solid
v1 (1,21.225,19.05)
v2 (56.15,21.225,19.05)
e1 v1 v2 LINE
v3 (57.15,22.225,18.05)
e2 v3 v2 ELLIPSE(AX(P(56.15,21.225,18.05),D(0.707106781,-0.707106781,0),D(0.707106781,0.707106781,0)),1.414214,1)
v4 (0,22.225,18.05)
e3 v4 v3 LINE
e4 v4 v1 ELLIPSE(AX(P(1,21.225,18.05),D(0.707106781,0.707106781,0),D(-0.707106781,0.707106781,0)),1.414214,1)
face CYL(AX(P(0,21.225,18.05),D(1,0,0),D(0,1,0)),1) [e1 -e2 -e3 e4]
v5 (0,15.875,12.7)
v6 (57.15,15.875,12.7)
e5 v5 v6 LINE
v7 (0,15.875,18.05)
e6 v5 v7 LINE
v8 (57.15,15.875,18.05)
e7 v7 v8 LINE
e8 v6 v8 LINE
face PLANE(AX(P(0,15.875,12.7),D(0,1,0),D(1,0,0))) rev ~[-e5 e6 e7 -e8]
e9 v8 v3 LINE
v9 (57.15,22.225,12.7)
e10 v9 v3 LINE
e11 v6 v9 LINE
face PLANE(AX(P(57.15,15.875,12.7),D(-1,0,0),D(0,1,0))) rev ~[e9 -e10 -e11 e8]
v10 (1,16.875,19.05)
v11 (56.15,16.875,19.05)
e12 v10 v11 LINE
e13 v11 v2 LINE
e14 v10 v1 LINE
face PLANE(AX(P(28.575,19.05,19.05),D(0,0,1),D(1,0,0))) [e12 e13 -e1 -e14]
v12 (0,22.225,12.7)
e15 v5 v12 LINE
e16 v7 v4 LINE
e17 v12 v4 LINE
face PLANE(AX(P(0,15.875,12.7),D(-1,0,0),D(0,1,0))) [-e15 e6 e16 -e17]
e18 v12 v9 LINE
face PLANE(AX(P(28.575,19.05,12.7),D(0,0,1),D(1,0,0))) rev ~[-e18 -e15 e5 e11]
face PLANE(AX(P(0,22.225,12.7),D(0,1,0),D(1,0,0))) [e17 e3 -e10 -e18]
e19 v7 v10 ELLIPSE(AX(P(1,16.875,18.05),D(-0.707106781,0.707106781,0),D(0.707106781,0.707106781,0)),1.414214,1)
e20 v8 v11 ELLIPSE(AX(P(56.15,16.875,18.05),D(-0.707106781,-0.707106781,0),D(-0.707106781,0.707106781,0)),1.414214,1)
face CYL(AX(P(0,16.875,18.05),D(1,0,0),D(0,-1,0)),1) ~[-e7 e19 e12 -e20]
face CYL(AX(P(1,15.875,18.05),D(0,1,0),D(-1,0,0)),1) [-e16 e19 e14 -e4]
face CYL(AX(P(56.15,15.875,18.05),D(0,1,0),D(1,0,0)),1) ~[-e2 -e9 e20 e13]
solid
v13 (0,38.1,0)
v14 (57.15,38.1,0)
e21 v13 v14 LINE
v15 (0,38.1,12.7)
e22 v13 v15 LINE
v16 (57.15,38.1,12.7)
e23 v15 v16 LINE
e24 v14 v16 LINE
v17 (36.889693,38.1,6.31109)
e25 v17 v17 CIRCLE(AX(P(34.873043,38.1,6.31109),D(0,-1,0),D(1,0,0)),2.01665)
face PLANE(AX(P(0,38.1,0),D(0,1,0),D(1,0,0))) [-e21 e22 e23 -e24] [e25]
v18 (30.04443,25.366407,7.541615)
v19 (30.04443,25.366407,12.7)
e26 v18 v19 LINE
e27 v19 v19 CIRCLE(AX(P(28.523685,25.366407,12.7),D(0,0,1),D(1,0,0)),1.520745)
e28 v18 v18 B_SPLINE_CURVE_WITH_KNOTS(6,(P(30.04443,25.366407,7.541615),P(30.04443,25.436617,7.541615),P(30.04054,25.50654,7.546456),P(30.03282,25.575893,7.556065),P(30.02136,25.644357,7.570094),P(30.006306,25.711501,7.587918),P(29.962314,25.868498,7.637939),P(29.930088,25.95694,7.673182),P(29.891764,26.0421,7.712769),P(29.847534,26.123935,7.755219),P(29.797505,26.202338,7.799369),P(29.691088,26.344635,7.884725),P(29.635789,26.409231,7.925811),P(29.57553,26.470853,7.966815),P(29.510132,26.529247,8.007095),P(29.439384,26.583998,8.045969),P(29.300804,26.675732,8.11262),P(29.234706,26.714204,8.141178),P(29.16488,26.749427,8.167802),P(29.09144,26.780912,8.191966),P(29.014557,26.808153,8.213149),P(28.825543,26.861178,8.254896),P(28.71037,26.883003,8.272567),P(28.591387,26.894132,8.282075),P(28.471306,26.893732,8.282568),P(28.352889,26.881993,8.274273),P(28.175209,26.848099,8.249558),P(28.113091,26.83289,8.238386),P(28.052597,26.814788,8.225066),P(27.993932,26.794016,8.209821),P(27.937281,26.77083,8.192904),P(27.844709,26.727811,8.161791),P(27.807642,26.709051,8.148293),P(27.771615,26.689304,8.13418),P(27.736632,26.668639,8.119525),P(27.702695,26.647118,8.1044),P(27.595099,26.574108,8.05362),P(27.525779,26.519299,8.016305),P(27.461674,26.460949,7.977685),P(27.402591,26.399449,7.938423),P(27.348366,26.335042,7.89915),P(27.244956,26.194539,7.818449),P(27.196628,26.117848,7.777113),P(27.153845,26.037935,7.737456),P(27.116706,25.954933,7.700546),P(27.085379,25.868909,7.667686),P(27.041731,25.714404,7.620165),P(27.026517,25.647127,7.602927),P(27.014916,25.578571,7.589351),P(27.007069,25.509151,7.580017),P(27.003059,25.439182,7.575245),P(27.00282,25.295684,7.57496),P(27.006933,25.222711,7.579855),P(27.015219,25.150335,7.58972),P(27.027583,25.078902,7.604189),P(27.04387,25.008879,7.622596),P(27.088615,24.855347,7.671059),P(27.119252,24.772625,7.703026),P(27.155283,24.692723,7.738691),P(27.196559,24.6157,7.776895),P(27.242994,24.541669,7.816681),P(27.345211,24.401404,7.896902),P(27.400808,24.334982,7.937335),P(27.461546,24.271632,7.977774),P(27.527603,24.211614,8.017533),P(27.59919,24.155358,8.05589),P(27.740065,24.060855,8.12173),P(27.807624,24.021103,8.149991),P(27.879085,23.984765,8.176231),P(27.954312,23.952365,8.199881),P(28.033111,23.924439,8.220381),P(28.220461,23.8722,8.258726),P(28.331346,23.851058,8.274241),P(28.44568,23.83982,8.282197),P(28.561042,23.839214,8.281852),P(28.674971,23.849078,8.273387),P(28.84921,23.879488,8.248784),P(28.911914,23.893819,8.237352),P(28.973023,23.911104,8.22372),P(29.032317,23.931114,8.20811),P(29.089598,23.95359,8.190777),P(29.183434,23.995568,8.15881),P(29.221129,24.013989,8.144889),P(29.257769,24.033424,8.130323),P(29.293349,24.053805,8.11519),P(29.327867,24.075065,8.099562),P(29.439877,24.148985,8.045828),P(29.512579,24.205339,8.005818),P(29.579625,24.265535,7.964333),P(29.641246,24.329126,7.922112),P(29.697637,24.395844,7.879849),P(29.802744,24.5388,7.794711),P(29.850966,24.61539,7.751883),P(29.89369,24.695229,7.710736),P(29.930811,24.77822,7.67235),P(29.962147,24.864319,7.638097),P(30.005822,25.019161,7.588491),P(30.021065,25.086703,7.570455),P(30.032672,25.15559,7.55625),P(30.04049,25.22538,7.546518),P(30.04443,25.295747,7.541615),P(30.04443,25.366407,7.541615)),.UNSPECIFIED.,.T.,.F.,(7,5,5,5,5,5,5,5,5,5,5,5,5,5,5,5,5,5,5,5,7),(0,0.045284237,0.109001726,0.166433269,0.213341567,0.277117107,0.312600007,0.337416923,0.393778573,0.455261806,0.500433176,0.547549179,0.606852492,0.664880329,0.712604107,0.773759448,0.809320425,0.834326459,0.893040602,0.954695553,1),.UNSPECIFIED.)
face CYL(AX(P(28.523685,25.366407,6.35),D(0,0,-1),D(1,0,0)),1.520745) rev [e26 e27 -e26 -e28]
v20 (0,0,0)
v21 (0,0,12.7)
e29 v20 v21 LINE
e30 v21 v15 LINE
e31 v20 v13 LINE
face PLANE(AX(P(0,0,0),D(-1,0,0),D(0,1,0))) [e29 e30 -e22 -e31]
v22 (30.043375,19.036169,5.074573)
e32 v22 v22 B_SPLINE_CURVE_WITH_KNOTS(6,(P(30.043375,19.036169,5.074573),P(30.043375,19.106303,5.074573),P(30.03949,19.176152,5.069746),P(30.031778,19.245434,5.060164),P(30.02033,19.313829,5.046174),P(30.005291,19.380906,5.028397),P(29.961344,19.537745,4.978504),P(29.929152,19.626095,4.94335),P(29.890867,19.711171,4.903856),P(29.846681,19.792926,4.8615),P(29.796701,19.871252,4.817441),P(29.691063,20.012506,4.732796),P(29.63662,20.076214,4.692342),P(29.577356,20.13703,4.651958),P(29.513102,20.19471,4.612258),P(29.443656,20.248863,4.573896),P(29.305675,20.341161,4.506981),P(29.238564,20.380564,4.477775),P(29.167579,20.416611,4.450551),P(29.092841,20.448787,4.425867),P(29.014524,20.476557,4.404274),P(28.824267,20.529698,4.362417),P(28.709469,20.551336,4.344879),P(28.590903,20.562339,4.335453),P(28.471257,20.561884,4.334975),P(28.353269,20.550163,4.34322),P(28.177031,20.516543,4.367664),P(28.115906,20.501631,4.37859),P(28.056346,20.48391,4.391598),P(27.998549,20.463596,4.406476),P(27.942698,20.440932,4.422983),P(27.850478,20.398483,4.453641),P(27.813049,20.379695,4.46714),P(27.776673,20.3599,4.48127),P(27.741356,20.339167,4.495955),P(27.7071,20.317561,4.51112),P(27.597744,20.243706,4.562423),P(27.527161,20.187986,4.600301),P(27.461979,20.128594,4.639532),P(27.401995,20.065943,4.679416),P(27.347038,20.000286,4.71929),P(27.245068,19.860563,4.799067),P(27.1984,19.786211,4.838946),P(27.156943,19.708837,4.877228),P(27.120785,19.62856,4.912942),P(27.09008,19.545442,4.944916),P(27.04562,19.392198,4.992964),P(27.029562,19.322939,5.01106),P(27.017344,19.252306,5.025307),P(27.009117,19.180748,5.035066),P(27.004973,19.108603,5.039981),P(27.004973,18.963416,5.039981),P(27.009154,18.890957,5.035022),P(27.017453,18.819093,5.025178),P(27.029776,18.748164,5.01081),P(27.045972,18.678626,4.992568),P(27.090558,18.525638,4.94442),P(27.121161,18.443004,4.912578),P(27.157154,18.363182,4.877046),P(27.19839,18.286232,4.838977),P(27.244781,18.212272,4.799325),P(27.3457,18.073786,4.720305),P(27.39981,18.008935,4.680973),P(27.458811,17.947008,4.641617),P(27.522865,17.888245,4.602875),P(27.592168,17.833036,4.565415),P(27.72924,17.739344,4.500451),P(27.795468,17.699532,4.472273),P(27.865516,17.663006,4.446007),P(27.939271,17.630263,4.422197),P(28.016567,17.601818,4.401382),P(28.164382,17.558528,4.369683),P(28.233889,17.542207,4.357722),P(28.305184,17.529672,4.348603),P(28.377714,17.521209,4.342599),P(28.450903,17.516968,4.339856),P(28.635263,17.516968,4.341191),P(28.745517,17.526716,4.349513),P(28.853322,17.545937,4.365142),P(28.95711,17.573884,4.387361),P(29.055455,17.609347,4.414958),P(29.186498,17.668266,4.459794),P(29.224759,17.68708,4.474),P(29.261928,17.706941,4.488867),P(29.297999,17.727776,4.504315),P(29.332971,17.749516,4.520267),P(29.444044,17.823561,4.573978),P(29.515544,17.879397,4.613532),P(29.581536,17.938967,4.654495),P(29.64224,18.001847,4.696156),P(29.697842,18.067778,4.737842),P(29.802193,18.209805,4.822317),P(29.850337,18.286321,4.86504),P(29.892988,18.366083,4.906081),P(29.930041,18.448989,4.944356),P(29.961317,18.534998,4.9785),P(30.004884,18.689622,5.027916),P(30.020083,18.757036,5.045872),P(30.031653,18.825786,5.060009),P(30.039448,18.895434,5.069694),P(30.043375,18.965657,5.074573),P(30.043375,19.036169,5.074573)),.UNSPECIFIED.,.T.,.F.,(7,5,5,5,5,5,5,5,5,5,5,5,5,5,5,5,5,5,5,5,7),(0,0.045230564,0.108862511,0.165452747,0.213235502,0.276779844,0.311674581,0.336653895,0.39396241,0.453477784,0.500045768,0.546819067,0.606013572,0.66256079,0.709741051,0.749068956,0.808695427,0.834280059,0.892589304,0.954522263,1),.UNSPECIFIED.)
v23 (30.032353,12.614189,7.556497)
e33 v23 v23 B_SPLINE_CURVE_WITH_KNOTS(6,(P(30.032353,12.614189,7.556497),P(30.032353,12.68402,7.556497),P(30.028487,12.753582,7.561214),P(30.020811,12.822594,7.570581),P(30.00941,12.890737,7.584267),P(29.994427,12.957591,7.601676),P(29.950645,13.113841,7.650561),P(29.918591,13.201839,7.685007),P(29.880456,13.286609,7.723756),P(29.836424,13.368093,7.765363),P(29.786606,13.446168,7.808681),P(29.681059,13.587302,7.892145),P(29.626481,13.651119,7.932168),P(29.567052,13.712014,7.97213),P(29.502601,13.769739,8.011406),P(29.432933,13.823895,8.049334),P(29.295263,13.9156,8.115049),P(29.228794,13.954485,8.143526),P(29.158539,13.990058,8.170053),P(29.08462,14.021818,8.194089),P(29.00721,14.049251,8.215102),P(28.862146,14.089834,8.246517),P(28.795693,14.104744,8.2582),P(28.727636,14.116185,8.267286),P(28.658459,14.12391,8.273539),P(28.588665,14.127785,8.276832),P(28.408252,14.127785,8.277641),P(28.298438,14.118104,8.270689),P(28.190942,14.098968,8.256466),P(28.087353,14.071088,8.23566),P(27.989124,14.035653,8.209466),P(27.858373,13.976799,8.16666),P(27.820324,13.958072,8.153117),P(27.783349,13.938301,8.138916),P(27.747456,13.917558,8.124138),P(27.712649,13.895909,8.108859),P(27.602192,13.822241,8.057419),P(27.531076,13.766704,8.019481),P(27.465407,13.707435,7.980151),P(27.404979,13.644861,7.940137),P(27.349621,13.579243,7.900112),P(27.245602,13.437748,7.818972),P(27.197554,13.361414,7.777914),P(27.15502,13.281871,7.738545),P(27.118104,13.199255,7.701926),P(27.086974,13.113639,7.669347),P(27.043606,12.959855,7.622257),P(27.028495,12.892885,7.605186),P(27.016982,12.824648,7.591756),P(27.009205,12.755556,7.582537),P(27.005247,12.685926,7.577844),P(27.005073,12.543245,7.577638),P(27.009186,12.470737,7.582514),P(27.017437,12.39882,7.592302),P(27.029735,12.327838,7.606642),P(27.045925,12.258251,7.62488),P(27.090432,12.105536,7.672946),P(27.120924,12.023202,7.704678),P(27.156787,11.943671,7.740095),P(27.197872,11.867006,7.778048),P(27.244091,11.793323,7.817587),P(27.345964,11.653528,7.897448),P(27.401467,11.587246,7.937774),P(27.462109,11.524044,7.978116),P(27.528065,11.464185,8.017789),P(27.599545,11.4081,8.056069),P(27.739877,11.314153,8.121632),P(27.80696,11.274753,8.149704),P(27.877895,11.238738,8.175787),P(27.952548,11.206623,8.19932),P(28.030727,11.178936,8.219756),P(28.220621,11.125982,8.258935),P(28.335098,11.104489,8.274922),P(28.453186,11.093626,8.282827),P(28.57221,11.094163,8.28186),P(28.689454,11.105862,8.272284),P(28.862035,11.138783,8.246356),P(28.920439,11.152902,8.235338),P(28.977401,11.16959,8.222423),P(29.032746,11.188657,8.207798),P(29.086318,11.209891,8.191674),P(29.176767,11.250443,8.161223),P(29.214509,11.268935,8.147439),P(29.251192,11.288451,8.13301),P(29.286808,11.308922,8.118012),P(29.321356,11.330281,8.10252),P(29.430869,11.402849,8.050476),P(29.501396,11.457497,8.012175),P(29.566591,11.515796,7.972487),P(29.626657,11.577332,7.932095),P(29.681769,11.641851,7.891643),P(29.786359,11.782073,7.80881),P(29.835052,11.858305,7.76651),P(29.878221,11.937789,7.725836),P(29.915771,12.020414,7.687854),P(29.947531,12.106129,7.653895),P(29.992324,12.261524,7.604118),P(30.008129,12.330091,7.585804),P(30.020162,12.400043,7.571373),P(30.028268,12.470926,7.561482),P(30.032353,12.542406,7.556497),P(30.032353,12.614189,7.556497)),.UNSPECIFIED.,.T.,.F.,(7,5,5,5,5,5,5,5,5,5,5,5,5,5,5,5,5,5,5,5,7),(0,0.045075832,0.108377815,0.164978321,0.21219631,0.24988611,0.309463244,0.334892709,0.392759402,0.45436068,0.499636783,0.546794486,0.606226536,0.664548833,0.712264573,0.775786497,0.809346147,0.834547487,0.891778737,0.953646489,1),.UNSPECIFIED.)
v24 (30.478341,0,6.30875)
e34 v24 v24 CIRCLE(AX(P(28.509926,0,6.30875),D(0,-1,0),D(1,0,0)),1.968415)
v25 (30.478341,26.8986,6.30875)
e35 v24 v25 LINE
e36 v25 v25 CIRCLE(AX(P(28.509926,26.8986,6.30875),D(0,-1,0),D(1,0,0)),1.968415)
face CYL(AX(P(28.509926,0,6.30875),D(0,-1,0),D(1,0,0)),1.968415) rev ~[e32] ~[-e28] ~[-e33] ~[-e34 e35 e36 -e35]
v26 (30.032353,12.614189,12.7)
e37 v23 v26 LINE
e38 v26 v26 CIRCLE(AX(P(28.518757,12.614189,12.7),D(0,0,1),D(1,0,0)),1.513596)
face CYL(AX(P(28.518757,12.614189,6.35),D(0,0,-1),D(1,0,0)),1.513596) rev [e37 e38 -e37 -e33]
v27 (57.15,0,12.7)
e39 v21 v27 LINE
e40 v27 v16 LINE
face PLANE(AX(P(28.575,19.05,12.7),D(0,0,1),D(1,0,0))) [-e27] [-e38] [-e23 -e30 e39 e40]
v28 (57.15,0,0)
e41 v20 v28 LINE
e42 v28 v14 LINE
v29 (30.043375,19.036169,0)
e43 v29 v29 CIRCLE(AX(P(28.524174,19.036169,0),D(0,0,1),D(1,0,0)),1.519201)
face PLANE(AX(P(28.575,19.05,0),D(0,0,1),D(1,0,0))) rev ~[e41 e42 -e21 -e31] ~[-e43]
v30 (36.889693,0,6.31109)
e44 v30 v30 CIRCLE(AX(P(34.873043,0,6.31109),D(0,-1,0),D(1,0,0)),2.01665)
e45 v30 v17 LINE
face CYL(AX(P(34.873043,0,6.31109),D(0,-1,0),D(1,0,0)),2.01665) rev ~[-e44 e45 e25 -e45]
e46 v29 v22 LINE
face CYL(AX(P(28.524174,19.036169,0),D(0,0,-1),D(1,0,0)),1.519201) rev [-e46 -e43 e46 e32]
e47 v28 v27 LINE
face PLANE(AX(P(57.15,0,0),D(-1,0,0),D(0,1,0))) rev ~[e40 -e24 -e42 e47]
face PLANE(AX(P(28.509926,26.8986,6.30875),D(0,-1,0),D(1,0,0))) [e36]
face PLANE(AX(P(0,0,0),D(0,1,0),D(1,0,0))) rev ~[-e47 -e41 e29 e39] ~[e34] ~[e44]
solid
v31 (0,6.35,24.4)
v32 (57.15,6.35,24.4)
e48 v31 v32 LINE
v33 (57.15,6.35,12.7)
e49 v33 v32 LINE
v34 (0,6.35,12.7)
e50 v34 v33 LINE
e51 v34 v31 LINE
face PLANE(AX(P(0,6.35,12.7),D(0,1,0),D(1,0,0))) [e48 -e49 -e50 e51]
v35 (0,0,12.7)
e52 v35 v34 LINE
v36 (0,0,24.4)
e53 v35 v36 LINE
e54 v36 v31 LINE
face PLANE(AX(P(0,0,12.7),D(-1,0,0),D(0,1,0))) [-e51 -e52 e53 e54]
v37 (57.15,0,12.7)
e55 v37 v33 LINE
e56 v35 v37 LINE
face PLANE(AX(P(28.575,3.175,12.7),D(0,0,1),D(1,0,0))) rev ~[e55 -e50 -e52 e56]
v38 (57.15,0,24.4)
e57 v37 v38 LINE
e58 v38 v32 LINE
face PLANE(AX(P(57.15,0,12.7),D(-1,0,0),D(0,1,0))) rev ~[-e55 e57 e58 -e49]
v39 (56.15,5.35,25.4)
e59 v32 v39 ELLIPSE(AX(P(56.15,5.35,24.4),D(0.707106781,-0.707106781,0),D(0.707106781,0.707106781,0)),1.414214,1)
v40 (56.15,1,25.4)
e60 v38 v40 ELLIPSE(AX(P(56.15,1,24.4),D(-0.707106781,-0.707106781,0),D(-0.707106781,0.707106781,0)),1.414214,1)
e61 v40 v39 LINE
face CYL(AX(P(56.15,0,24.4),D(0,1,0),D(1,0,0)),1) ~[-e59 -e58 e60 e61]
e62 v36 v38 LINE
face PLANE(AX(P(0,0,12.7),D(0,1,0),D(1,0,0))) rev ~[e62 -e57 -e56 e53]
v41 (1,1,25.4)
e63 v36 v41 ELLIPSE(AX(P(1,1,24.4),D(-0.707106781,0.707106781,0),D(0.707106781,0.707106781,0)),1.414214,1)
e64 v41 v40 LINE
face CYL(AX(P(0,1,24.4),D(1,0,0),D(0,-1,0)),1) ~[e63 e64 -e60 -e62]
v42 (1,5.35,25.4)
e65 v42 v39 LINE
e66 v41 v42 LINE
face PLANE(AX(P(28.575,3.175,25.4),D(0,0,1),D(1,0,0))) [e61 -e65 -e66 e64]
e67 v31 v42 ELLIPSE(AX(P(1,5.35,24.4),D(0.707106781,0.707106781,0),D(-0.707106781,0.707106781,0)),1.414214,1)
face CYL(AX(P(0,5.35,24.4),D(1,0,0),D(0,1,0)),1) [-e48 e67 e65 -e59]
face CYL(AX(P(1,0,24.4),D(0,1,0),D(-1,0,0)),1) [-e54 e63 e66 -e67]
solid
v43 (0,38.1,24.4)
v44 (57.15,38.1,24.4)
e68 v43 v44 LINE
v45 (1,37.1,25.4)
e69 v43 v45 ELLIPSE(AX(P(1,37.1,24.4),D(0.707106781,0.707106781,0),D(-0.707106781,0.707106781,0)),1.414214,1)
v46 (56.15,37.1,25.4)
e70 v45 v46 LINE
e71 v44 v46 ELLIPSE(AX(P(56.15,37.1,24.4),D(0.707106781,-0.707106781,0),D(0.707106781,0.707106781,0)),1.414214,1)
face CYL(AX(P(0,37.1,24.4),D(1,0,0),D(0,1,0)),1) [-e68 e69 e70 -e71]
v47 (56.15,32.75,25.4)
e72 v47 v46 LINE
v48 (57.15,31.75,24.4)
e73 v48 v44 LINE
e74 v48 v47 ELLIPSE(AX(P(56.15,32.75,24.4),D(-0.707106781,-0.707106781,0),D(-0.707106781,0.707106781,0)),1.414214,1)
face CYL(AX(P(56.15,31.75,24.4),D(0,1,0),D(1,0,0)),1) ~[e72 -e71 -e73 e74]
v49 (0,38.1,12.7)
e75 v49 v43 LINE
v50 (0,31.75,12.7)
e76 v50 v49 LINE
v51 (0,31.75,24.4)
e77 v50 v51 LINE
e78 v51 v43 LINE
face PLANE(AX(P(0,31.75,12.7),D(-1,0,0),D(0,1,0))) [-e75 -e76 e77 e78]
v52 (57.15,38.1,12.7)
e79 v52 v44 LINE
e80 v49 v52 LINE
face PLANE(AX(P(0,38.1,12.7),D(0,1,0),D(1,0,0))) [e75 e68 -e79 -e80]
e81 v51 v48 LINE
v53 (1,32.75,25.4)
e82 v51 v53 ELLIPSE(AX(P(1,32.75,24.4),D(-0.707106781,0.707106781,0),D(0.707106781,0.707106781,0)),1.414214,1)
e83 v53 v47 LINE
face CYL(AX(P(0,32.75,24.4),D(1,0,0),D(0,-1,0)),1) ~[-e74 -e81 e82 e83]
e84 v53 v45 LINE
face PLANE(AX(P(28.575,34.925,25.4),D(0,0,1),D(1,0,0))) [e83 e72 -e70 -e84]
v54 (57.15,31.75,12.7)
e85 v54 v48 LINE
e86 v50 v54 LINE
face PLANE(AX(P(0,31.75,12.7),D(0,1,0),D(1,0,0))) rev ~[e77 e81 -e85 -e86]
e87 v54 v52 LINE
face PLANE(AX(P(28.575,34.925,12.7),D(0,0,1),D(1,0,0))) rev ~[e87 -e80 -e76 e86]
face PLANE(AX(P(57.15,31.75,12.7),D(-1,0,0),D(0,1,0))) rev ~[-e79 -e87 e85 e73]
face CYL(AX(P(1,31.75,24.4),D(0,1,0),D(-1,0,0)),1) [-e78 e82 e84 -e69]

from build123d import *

# Parameters (mm, degrees)
BOX001_W     = 57.15
BOX001_H     = 6.35
BOX001_DEPTH = 12.7
FILLET_R     = 1
BOX002_W     = 57.15
BOX002_H     = 6.35
BOX002_DEPTH = 12.7
FILLET001_R  = 1
BOX003_W     = 57.15
BOX003_H     = 6.35
BOX003_DEPTH = 6.35
FILLET002_R  = 1
SKETCH002_R  = 1.968415
PAD001_DEPTH = 26.8986
SKETCH003_R  = 1.513596
PAD002_DEPTH = 6.35
SKETCH001_R  = 1.519201
PAD_DEPTH    = 6.35
SKETCH004_R  = 1.520745
PAD003_DEPTH = 6.35
SKETCH005_R  = 2.01665
PAD004_DEPTH = 38.1
BOX_W        = 57.15
BOX_H        = 38.1
BOX_DEPTH    = 12.7


with BuildPart() as fillet_body:
    # Box001 → Box001 (new body)
    with BuildSketch(Plane.XY.offset(12.7)):
        with Locations((28.575, 3.175)):
            Rectangle(BOX001_W, BOX001_H)
    extrude(amount=BOX001_DEPTH)

    # Fillet
    fillet_edges = [fillet_body.edges().sort_by_distance(p)[0] for p in [
        (0, 3.175, 25.4),
        (57.15, 3.175, 25.4),
        (28.575, 0, 25.4),
        (28.575, 6.35, 25.4),
    ]]
    fillet(fillet_edges, radius=FILLET_R)


with BuildPart() as fillet001:
    # Box002 → Box002 (new body)
    with BuildSketch(Plane(origin=(0, 31.75, 12.7), x_dir=(1, 0, 0), z_dir=(0, 0, 1))):
        with Locations((28.575, 3.175)):
            Rectangle(BOX002_W, BOX002_H)
    extrude(amount=BOX002_DEPTH)

    # Fillet001
    fillet001_edges = [fillet001.edges().sort_by_distance(p)[0] for p in [
        (0, 34.925, 25.4),
        (57.15, 34.925, 25.4),
        (28.575, 31.75, 25.4),
        (28.575, 38.1, 25.4),
    ]]
    fillet(fillet001_edges, radius=FILLET001_R)


with BuildPart() as fillet002:
    # Box003 → Box003 (new body)
    with BuildSketch(Plane(origin=(0, 15.875, 12.7), x_dir=(1, 0, 0), z_dir=(0, 0, 1))):
        with Locations((28.575, 3.175)):
            Rectangle(BOX003_W, BOX003_H)
    extrude(amount=BOX003_DEPTH)

    # Fillet002
    fillet002_edges = [fillet002.edges().sort_by_distance(p)[0] for p in [
        (0, 19.05, 19.05),
        (57.15, 19.05, 19.05),
        (28.575, 15.875, 19.05),
        (28.575, 22.225, 19.05),
    ]]
    fillet(fillet002_edges, radius=FILLET002_R)


with BuildPart() as pad001:
    # Sketch002 → Pad001 (new body)
    with BuildSketch(Plane.XZ):
        with Locations((28.509926, 6.30875)):
            Circle(SKETCH002_R)
    extrude(amount=-PAD001_DEPTH)


with BuildPart() as pad002:
    # Sketch003 → Pad002 (new body)
    with BuildSketch(Plane.XY.offset(6.35)):
        with Locations((28.518757, 12.614189)):
            Circle(SKETCH003_R)
    extrude(amount=PAD002_DEPTH)


with BuildPart() as pad:
    # Sketch001 → Pad (new body)
    with BuildSketch(Plane.XY):
        with Locations((28.524174, 19.036169)):
            Circle(SKETCH001_R)
    extrude(amount=PAD_DEPTH)


with BuildPart() as pad003:
    # Sketch004 → Pad003 (new body)
    with BuildSketch(Plane.XY.offset(6.35)):
        with Locations((28.523685, 25.366407)):
            Circle(SKETCH004_R)
    extrude(amount=PAD003_DEPTH)


with BuildPart() as fusion002:
    # Fusion002 base: copy of Pad003
    add(pad003.part)

    # Fusion002: union Pad001, Pad002, Pad
    add(pad001.part)
    add(pad002.part)
    add(pad.part)


with BuildPart() as pad004:
    # Sketch005 → Pad004 (new body)
    with BuildSketch(Plane.XZ):
        with Locations((34.873043, 6.31109)):
            Circle(SKETCH005_R)
    extrude(amount=-PAD004_DEPTH)


with BuildPart() as fusion:
    # Fusion base: copy of Pad002
    add(pad002.part)

    # Fusion: union Pad001, Pad003
    add(pad001.part)
    add(pad003.part)


with BuildPart() as fusion001:
    # Fusion001 base: copy of Pad
    add(pad.part)

    # Fusion001: union Fusion
    add(fusion.part)


with BuildPart() as cut003:
    # Box → Box (new body)
    with BuildSketch(Plane.XY):
        with Locations((28.575, 19.05)):
            Rectangle(BOX_W, BOX_H)
    extrude(amount=BOX_DEPTH)

    # Cut: cut Pad
    add(pad.part, mode=Mode.SUBTRACT)

    # Cut001: cut Fusion001
    add(fusion001.part, mode=Mode.SUBTRACT)

    # Cut002: cut Pad004
    add(pad004.part, mode=Mode.SUBTRACT)

    # Cut003: cut Fusion002
    add(fusion002.part, mode=Mode.SUBTRACT)


solid = Compound([fillet_body.part, fillet001.part, fillet002.part, cut003.part])
